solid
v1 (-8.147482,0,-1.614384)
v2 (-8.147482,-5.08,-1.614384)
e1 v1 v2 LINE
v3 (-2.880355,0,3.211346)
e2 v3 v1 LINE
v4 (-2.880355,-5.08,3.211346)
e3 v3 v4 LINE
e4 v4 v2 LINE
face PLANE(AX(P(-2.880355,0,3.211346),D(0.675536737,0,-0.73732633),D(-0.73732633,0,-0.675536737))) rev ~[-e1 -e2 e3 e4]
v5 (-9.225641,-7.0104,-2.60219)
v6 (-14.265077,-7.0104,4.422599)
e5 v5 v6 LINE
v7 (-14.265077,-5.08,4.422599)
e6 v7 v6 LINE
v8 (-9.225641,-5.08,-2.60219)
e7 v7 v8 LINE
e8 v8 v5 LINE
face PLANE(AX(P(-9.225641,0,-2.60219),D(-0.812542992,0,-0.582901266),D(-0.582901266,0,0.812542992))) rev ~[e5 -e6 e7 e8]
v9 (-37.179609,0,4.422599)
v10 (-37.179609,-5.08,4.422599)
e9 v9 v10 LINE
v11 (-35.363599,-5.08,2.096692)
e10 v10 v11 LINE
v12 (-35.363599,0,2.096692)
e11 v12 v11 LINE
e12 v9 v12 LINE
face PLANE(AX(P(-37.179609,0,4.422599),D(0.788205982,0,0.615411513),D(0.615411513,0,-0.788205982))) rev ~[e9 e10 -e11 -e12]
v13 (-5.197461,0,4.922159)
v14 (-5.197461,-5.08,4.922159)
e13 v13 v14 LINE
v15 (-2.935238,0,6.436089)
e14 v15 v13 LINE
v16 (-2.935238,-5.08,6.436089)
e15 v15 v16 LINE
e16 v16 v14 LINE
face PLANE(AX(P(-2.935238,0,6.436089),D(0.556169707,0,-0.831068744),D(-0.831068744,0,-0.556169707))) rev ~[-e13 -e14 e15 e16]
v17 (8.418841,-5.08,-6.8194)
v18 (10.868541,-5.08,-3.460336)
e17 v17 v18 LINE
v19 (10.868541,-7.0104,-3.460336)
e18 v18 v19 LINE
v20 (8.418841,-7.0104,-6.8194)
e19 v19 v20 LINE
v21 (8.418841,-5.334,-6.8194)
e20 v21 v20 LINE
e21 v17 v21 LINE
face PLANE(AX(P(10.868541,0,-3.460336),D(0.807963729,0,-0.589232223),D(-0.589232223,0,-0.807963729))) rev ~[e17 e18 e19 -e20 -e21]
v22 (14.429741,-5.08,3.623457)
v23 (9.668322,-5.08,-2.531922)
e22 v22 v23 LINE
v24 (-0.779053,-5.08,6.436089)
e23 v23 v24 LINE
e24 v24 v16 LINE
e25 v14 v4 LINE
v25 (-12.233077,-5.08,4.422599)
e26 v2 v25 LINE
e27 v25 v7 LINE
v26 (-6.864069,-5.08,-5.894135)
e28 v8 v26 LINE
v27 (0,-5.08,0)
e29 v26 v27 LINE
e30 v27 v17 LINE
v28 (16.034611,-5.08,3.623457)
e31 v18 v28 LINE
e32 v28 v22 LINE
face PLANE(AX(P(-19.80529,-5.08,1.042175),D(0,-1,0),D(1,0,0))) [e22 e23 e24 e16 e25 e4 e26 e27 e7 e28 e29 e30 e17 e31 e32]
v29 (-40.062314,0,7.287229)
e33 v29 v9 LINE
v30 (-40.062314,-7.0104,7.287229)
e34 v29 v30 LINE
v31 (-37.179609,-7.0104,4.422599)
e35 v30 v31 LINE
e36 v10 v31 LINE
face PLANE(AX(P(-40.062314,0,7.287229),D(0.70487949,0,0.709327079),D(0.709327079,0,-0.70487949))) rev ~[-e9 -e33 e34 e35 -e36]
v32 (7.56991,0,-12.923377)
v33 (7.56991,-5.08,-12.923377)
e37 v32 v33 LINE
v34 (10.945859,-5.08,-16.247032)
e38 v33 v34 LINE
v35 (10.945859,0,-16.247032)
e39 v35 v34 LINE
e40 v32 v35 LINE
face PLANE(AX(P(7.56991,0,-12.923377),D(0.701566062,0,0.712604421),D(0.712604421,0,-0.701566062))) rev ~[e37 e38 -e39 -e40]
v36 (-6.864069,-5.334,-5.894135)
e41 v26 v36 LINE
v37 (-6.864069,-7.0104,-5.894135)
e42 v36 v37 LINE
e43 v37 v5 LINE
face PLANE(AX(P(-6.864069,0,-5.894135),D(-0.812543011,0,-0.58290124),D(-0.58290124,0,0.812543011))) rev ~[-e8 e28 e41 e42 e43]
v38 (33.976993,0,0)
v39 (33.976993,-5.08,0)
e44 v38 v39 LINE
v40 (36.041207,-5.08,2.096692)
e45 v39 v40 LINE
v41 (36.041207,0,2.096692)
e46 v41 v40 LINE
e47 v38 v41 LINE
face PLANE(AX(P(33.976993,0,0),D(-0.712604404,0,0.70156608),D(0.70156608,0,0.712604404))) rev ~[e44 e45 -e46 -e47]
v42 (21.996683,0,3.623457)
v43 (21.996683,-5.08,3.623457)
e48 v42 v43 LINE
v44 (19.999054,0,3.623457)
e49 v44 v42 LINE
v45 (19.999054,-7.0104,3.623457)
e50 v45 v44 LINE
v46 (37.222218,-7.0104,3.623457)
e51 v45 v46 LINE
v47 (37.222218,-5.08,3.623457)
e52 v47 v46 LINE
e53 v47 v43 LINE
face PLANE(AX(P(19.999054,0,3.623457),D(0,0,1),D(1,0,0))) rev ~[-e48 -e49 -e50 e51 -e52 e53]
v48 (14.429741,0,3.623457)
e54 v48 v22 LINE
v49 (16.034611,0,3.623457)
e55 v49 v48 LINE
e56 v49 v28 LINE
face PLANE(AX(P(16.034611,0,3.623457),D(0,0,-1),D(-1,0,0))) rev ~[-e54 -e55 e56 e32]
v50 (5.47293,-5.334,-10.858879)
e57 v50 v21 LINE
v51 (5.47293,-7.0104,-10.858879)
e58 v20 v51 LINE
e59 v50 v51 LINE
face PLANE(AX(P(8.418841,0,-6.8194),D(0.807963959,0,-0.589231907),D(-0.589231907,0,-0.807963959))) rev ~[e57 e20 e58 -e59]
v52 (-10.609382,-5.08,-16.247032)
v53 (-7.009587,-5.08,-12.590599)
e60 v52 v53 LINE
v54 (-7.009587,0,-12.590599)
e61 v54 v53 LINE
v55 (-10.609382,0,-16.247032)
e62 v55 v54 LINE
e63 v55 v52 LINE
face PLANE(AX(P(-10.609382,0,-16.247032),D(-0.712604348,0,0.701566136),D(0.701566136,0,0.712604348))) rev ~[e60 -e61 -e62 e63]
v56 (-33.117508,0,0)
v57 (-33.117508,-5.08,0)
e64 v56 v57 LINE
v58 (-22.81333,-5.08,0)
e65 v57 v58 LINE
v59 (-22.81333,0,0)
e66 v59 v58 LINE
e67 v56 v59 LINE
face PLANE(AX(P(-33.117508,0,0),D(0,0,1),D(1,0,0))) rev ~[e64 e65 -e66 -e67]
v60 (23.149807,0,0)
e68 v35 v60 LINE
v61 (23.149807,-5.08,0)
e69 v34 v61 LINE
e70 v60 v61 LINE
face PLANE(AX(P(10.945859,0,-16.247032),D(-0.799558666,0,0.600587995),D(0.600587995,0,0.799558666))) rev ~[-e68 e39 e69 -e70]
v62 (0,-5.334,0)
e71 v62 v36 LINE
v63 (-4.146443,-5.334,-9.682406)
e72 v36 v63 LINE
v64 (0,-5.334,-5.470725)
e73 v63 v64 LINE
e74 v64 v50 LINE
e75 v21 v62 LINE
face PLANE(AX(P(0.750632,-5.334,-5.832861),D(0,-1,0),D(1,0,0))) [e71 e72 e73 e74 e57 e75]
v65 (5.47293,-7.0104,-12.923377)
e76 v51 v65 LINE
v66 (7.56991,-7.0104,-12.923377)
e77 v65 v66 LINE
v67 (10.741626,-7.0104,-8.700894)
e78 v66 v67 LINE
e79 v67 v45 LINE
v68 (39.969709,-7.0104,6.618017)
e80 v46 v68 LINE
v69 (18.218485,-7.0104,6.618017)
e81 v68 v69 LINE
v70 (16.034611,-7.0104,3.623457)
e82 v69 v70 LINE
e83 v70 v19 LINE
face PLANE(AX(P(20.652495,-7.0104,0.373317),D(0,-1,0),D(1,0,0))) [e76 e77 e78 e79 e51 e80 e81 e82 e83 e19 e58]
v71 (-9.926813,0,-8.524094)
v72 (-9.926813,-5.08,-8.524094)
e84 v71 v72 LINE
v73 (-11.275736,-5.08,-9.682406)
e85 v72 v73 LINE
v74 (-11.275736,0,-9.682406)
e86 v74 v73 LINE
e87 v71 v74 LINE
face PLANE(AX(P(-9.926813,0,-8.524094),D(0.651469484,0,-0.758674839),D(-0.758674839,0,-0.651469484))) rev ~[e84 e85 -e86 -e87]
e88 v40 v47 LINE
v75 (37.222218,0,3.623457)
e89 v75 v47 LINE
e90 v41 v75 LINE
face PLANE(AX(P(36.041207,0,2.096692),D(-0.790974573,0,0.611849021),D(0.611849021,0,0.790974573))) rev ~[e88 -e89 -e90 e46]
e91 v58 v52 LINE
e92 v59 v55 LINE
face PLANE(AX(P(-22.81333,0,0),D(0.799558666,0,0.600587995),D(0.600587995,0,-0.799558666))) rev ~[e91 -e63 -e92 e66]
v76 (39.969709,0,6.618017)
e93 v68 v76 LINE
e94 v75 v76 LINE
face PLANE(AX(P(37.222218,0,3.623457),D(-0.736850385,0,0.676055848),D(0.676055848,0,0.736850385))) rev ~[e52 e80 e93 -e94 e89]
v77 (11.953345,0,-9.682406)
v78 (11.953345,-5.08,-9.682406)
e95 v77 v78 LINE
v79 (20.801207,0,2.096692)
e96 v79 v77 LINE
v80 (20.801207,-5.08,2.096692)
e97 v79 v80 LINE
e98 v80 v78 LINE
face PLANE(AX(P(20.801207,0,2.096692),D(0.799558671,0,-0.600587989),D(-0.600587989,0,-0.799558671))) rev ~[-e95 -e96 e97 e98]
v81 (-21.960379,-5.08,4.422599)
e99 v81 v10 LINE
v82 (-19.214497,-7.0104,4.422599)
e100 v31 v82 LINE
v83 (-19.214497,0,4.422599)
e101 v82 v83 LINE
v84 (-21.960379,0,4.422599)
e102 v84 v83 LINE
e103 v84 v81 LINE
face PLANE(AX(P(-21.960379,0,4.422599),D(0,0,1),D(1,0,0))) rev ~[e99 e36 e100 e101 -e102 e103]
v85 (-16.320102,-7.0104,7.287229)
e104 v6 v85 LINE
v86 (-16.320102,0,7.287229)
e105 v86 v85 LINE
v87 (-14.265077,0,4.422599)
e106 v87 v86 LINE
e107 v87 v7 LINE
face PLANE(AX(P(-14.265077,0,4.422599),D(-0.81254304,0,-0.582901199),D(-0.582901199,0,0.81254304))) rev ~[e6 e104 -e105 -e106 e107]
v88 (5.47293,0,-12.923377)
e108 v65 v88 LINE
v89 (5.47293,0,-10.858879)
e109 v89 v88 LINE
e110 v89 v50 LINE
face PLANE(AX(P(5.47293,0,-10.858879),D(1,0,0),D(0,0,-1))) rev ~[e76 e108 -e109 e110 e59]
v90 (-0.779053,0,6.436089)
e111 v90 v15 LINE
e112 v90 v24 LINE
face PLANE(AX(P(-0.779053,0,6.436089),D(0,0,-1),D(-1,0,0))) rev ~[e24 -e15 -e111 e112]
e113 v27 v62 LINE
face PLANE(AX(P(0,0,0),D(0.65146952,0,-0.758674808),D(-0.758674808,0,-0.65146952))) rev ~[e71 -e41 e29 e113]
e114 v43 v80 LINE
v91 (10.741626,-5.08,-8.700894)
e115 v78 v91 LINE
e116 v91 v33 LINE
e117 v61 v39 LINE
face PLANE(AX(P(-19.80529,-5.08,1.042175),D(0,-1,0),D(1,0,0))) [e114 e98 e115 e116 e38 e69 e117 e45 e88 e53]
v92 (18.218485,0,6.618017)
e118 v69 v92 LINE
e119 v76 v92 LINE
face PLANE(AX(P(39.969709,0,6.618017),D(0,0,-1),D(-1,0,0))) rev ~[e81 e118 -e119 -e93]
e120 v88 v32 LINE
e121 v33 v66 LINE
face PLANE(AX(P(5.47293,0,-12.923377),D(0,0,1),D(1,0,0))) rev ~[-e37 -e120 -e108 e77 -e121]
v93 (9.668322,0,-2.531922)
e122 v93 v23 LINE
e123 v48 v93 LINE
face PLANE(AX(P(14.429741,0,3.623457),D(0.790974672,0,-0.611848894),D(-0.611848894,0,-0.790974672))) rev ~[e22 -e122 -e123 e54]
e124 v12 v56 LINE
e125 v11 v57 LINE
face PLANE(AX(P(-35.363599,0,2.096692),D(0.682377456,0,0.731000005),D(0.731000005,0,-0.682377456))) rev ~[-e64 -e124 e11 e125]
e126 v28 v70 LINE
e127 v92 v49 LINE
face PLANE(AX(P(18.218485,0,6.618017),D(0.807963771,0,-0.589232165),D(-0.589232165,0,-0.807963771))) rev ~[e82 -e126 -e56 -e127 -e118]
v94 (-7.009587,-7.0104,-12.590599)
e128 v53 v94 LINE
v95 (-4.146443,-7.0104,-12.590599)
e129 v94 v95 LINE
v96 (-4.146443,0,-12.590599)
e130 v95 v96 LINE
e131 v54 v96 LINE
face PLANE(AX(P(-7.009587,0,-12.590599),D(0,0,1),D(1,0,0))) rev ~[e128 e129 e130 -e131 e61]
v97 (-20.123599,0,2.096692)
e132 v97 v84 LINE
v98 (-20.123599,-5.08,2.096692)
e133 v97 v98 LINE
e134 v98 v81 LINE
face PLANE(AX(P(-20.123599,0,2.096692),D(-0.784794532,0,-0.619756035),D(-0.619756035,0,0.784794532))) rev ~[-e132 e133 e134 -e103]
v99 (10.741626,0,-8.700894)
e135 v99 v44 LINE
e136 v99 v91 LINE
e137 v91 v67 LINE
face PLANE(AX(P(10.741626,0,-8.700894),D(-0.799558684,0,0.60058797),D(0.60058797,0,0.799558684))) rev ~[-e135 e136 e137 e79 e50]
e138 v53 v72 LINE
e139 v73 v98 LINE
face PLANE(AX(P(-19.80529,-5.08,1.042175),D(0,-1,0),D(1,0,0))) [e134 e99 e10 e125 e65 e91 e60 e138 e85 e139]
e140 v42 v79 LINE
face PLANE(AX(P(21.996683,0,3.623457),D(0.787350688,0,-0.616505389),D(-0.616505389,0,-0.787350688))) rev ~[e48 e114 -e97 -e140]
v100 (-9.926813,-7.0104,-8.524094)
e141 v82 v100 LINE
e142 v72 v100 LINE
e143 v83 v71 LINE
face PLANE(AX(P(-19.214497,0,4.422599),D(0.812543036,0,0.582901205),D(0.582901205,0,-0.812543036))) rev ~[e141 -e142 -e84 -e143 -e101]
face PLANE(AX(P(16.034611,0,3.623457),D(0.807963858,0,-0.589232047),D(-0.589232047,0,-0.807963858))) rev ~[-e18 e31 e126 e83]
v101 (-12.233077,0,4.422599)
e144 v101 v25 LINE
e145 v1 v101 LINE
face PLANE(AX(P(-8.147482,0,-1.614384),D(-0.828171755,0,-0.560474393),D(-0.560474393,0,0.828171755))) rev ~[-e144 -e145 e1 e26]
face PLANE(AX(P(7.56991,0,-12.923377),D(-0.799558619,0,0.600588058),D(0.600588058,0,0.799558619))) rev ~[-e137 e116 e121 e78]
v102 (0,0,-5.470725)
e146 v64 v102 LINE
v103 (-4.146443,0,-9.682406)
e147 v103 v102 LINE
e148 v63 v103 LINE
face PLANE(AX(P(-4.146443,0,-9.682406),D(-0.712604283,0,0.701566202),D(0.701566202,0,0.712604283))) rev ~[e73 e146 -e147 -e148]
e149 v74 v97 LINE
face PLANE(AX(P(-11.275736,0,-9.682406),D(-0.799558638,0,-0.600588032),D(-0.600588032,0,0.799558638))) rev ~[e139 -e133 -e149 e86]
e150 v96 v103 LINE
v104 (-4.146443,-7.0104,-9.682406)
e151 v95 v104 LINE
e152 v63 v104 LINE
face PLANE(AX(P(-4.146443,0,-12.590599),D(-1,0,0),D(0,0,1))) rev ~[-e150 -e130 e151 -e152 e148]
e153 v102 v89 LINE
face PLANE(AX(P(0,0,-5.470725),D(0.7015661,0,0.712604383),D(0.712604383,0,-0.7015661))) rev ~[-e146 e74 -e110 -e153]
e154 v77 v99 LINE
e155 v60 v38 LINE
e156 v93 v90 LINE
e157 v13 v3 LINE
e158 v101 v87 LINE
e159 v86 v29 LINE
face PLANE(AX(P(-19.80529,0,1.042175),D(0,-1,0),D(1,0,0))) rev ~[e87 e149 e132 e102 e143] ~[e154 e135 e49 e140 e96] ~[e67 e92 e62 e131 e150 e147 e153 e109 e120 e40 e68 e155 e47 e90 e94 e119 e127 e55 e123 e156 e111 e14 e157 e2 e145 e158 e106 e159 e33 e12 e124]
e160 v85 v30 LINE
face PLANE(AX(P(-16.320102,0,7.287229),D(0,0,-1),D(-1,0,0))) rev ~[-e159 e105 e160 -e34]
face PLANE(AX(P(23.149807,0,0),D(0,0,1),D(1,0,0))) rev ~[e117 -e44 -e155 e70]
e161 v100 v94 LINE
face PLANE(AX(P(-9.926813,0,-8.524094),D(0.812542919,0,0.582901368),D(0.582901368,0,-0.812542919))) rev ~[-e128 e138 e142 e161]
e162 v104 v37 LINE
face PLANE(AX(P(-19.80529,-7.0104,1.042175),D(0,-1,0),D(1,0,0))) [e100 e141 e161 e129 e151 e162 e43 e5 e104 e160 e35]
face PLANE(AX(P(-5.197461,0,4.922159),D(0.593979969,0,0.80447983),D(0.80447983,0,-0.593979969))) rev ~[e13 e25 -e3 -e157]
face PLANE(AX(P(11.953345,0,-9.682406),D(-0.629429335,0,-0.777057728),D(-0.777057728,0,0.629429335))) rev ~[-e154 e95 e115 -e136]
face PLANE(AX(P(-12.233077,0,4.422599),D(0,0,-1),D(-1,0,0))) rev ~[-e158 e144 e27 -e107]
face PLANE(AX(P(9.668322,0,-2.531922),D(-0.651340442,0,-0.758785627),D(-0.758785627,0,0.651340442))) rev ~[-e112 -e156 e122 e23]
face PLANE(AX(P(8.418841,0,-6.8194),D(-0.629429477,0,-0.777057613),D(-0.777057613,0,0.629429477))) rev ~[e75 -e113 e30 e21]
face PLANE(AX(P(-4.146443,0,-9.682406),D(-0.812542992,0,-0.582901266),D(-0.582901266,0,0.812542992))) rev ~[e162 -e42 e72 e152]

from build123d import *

# Parameters (mm, degrees)
F1_DEPTH = 5.08
F2_DEPTH = 7.0104
F3_DEPTH = 5.334


with BuildPart() as f1:
    # F0 (on Front) → F1 (new body)
    with BuildSketch(Plane.XZ):
        Polygon((-40.062314, 7.287229), (-37.179609, 4.422599), (-21.960379, 4.422599), (-19.214497, 4.422599), (-9.926813, -8.524094), (-7.009587, -12.590599), (-4.146443, -12.590599), (-4.146443, -9.682406), (-6.864069, -5.894135), (-9.225641, -2.60219), (-14.265077, 4.422599), (-16.320102, 7.287229), align=None)
        Polygon((8.418841, -6.8194), (5.47293, -10.858879), (5.47293, -12.923377), (7.56991, -12.923377), (10.741626, -8.700894), (19.999054, 3.623457), (21.996683, 3.623457), (37.222218, 3.623457), (39.969709, 6.618017), (18.218485, 6.618017), (16.034611, 3.623457), (10.868541, -3.460336), align=None)
        Polygon((-35.363599, 2.096692), (-33.117508, 0), (-22.81333, 0), (-10.609382, -16.247032), (-7.009587, -12.590599), (-9.926813, -8.524094), (-11.275736, -9.682406), (-20.123599, 2.096692), align=None)
        Polygon((-37.179609, 4.422599), (-35.363599, 2.096692), (-20.123599, 2.096692), (-21.960379, 4.422599), align=None)
        Polygon((-12.233077, 4.422599), (-14.265077, 4.422599), (-9.225641, -2.60219), (-8.147482, -1.614384), align=None)
        Polygon((-9.225641, -2.60219), (-6.864069, -5.894135), (0, 0), (8.418841, -6.8194), (10.868541, -3.460336), (9.668322, -2.531922), (-0.779053, 6.436089), (-2.935238, 6.436089), (-5.197461, 4.922159), (-2.880355, 3.211346), (-8.147482, -1.614384), align=None)
        Polygon((-6.864069, -5.894135), (-4.146443, -9.682406), (0, -5.470725), (5.47293, -10.858879), (8.418841, -6.8194), (0, 0), align=None)
        Polygon((10.741626, -8.700894), (7.56991, -12.923377), (10.945859, -16.247032), (23.149807, 0), (33.976993, 0), (36.041207, 2.096692), (20.801207, 2.096692), (11.953345, -9.682406), align=None)
        Polygon((21.996683, 3.623457), (20.801207, 2.096692), (36.041207, 2.096692), (37.222218, 3.623457), align=None)
        Polygon((9.668322, -2.531922), (10.868541, -3.460336), (16.034611, 3.623457), (14.429741, 3.623457), align=None)
    extrude(amount=F1_DEPTH)

    # F0 (on Front) → F2 (join)
    with BuildSketch(Plane.XZ):
        Polygon((8.418841, -6.8194), (5.47293, -10.858879), (5.47293, -12.923377), (7.56991, -12.923377), (10.741626, -8.700894), (19.999054, 3.623457), (21.996683, 3.623457), (37.222218, 3.623457), (39.969709, 6.618017), (18.218485, 6.618017), (16.034611, 3.623457), (10.868541, -3.460336), align=None)
        Polygon((-40.062314, 7.287229), (-37.179609, 4.422599), (-21.960379, 4.422599), (-19.214497, 4.422599), (-9.926813, -8.524094), (-7.009587, -12.590599), (-4.146443, -12.590599), (-4.146443, -9.682406), (-6.864069, -5.894135), (-9.225641, -2.60219), (-14.265077, 4.422599), (-16.320102, 7.287229), align=None)
    extrude(amount=F2_DEPTH)

    # F0 (on Front) → F3 (join)
    with BuildSketch(Plane.XZ):
        Polygon((-6.864069, -5.894135), (-4.146443, -9.682406), (0, -5.470725), (5.47293, -10.858879), (8.418841, -6.8194), (0, 0), align=None)
    extrude(amount=F3_DEPTH)


solid = f1.part
